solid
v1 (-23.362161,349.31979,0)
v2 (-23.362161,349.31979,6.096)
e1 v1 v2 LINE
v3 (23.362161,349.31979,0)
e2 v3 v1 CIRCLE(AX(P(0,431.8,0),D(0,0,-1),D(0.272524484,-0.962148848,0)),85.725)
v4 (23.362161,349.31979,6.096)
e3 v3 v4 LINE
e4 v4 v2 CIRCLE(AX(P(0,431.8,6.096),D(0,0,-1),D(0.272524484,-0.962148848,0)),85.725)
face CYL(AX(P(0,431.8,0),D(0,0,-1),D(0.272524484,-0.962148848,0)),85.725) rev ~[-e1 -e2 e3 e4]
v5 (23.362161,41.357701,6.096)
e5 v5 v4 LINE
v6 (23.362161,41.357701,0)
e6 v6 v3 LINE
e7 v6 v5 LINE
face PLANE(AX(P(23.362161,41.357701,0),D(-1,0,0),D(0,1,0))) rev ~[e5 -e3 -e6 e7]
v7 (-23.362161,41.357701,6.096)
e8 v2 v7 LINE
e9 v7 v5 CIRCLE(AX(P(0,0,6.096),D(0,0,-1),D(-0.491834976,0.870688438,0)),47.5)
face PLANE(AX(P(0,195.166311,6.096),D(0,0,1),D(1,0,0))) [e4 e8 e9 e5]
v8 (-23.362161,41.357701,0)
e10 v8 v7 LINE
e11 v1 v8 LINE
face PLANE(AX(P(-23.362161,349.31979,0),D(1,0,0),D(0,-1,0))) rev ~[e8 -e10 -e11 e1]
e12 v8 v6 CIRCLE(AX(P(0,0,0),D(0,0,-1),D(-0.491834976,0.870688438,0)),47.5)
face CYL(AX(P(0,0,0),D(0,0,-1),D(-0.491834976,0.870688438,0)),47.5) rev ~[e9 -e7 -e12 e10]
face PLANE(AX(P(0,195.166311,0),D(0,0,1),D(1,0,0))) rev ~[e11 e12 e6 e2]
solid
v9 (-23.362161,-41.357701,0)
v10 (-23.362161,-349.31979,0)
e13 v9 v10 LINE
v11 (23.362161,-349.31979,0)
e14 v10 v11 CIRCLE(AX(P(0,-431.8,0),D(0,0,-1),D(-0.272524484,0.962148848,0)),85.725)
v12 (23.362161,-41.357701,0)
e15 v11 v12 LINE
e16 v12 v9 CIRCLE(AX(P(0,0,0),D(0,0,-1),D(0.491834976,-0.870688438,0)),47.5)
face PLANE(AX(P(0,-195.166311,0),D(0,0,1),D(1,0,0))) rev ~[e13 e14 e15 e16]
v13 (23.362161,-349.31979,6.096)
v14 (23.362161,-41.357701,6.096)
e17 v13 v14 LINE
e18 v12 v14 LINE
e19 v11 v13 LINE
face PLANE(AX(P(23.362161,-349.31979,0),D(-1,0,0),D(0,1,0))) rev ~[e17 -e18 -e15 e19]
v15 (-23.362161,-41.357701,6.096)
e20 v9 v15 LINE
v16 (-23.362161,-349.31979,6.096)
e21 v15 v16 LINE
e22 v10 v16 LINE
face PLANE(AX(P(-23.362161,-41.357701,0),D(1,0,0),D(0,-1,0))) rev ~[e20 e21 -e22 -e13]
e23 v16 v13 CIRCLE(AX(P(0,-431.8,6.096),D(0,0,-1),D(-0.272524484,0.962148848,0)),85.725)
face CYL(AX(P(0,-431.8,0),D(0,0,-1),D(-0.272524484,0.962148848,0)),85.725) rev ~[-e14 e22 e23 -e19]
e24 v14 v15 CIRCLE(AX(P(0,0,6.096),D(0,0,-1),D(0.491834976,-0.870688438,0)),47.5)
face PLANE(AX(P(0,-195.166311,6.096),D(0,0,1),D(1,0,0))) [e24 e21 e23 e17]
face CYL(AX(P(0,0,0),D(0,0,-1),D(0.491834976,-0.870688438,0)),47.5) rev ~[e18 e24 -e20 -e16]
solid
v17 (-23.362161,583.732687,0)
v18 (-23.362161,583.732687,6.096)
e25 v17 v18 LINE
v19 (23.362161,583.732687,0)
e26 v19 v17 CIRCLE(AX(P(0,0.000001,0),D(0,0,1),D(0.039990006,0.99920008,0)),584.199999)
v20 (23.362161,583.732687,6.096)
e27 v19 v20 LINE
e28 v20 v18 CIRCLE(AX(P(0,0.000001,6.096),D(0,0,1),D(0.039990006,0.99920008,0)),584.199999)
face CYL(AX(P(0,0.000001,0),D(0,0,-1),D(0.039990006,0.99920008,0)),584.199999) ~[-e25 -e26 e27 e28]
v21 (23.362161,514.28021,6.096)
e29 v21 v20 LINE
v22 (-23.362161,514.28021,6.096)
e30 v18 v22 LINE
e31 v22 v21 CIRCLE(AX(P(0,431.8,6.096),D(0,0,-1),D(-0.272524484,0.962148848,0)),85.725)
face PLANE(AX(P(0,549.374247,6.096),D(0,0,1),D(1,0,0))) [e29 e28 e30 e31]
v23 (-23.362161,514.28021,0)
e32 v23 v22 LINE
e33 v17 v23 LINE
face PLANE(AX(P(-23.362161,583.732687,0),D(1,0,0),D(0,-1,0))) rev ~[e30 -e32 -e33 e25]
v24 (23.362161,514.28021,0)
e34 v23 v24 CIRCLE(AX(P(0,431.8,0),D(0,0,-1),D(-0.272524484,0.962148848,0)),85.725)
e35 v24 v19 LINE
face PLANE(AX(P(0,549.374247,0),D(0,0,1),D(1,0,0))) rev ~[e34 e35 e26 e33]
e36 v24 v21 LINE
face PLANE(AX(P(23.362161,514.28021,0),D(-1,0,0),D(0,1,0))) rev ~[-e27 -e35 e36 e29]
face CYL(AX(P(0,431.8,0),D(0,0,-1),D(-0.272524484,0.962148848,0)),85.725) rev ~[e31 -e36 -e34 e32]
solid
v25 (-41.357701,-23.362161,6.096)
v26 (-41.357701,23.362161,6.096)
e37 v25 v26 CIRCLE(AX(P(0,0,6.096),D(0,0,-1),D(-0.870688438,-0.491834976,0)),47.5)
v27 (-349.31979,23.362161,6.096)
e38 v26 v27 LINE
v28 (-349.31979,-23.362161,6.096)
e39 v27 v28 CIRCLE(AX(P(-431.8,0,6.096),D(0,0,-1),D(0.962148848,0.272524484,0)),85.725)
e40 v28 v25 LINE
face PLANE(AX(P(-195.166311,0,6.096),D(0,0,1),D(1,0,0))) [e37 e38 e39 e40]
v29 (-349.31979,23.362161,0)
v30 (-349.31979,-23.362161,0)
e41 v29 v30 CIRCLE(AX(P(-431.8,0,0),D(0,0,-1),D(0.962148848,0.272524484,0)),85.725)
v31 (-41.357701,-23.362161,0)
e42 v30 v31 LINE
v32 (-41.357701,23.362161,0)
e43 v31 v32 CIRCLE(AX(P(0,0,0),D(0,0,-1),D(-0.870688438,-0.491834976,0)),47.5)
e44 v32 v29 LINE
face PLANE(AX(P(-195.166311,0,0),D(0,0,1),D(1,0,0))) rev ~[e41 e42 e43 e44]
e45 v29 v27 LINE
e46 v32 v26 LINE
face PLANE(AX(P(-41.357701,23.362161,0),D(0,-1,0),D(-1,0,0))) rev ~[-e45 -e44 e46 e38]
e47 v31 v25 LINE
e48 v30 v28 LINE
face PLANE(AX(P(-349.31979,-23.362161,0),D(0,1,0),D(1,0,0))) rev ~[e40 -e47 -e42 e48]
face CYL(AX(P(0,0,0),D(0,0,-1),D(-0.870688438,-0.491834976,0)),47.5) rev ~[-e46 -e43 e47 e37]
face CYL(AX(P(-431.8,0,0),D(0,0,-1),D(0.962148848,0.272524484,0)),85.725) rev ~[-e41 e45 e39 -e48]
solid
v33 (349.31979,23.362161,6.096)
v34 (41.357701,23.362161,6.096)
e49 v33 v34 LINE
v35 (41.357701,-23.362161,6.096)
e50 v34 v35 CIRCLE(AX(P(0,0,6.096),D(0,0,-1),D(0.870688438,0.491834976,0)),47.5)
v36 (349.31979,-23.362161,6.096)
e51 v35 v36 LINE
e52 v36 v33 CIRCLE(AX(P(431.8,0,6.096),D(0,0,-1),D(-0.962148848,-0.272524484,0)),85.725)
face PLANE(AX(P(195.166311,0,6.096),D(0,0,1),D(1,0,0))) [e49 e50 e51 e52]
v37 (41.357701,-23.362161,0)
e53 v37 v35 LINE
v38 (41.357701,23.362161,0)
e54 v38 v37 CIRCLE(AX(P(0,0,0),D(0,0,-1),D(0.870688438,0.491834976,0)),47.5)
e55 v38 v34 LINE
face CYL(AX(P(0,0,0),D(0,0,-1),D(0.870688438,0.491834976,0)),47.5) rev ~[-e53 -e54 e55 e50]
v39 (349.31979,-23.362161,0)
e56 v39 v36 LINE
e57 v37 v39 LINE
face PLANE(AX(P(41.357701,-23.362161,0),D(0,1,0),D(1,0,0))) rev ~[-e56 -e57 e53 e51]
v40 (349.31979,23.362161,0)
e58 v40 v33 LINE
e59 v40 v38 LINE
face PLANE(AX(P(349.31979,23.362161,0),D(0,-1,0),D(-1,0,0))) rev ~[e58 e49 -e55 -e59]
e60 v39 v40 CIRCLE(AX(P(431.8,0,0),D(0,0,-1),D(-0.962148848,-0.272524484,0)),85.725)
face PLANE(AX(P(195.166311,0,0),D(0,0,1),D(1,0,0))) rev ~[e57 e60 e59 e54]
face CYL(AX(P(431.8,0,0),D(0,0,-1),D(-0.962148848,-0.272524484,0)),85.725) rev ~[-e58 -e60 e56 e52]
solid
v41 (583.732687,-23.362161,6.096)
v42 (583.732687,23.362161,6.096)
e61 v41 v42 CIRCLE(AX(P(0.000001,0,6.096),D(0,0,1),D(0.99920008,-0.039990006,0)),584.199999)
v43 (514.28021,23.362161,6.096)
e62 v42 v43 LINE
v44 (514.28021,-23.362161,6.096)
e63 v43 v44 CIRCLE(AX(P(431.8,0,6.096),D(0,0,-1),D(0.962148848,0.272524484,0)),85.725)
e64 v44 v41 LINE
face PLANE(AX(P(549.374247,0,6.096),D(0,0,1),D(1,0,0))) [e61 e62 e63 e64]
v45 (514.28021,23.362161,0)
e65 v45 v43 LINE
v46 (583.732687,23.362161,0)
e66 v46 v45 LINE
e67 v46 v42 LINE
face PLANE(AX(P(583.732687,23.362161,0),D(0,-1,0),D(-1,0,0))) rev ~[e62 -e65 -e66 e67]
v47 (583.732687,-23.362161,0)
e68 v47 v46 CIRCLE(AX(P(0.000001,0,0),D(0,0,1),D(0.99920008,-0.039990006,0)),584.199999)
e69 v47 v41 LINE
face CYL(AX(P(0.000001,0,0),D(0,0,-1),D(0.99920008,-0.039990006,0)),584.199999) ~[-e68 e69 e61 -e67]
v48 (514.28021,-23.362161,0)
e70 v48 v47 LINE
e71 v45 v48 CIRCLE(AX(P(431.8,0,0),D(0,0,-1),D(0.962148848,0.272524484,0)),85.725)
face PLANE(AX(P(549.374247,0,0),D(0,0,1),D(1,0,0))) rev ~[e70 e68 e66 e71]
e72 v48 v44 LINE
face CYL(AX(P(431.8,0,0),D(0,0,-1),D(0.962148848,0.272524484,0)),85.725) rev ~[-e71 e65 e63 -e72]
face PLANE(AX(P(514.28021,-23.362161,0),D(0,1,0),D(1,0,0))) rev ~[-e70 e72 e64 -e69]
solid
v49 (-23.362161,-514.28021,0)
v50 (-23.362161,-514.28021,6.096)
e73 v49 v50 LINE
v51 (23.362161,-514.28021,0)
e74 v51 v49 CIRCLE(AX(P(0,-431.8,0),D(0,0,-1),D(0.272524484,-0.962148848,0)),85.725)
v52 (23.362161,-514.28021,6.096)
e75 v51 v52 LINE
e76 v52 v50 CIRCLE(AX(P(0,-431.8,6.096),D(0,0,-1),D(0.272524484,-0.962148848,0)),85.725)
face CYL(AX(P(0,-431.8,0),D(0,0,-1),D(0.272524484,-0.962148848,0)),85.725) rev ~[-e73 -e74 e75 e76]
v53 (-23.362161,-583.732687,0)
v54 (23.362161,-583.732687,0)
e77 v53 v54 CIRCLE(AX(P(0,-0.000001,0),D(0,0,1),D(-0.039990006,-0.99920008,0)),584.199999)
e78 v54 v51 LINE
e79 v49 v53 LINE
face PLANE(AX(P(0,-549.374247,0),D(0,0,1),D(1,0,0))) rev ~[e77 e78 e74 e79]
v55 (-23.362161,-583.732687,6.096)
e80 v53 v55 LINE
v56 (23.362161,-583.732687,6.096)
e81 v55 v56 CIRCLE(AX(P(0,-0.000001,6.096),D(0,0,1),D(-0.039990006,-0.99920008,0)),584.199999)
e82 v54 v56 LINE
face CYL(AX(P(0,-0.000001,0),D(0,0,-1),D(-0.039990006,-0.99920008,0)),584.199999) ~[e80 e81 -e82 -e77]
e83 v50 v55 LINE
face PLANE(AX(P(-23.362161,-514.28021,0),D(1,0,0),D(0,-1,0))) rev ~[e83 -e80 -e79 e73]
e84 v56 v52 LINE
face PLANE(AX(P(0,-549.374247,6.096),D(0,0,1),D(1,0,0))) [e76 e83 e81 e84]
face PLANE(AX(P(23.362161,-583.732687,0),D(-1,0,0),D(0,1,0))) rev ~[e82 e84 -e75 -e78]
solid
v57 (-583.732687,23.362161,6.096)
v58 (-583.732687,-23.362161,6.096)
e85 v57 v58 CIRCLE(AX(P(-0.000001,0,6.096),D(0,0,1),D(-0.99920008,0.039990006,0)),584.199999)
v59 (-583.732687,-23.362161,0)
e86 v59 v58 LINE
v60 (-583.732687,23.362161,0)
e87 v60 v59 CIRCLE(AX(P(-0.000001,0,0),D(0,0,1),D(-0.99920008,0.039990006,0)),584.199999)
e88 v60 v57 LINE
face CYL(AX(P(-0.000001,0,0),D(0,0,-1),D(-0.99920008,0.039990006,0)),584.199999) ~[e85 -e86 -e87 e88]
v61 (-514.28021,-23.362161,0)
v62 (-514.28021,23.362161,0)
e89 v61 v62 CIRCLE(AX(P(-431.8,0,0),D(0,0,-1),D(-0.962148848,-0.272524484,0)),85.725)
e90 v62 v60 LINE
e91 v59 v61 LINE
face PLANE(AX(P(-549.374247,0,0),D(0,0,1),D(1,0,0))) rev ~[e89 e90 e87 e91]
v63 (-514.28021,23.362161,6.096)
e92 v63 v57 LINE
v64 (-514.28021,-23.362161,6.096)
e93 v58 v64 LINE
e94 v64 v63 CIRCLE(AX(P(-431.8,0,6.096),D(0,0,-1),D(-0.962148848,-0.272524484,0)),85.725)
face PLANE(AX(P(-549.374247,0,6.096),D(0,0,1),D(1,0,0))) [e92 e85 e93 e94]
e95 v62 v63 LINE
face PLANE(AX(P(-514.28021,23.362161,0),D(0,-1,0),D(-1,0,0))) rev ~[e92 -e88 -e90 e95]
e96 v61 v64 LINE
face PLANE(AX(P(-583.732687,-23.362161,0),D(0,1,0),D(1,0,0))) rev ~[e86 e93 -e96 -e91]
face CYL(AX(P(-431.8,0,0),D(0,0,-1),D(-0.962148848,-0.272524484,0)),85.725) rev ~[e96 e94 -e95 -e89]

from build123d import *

# Parameters (mm, degrees)
BOSS_EXTRUDE1_DEPTH   = 6.096
BOSS_EXTRUDE1_2_DEPTH = 6.096
BOSS_EXTRUDE1_3_DEPTH = 6.096
BOSS_EXTRUDE1_4_DEPTH = 6.096
BOSS_EXTRUDE1_5_DEPTH = 6.096
BOSS_EXTRUDE1_6_DEPTH = 6.096
BOSS_EXTRUDE1_7_DEPTH = 6.096
BOSS_EXTRUDE1_8_DEPTH = 6.096


with BuildPart() as part:
    # Sketch1 → Boss-Extrude1 (new body)
    with BuildSketch(Plane.XY):
        with BuildLine():
            Line((-583.732686609, -23.362161365), (-514.280209998, -23.362161365))
            ThreePointArc((-514.280209998, -23.362161365), (-517.525, 0), (-514.280209998, 23.362161365))
            Line((-514.280209998, 23.362161365), (-583.732686609, 23.362161365))
            ThreePointArc((-583.732686609, 23.362161365), (-584.2, 0), (-583.732686609, -23.362161365))
        make_face()
    extrude(amount=BOSS_EXTRUDE1_DEPTH)


with BuildPart() as body_2:
    # Sketch1 → Boss-Extrude1 2 (new body)
    with BuildSketch(Plane.XY):
        with BuildLine():
            Line((-23.362161365, 583.732686609), (-23.362161365, 514.280209998))
            ThreePointArc((-23.362161365, 514.280209998), (0, 517.525), (23.362161365, 514.280209998))
            Line((23.362161365, 514.280209998), (23.362161365, 583.732686609))
            ThreePointArc((23.362161365, 583.732686609), (0, 584.2), (-23.362161365, 583.732686609))
        make_face()
    extrude(amount=BOSS_EXTRUDE1_2_DEPTH)


with BuildPart() as body_3:
    # Sketch1 → Boss-Extrude1 3 (new body)
    with BuildSketch(Plane.XY):
        with BuildLine():
            Line((583.732686609, 23.362161365), (514.280209998, 23.362161365))
            ThreePointArc((514.280209998, 23.362161365), (517.525, 0), (514.280209998, -23.362161365))
            Line((514.280209998, -23.362161365), (583.732686609, -23.362161365))
            ThreePointArc((583.732686609, -23.362161365), (584.2, 0), (583.732686609, 23.362161365))
        make_face()
    extrude(amount=BOSS_EXTRUDE1_3_DEPTH)


with BuildPart() as body_4:
    # Sketch1 → Boss-Extrude1 4 (new body)
    with BuildSketch(Plane.XY):
        with BuildLine():
            Line((23.362161365, -583.732686609), (23.362161365, -514.280209998))
            ThreePointArc((23.362161365, -514.280209998), (0, -517.525), (-23.362161365, -514.280209998))
            Line((-23.362161365, -514.280209998), (-23.362161365, -583.732686609))
            ThreePointArc((-23.362161365, -583.732686609), (0, -584.2), (23.362161365, -583.732686609))
        make_face()
    extrude(amount=BOSS_EXTRUDE1_4_DEPTH)


with BuildPart() as body_5:
    # Sketch1 → Boss-Extrude1 5 (new body)
    with BuildSketch(Plane.XY):
        with BuildLine():
            Line((-23.362161365, -41.357700811), (-23.362161365, -349.319790002))
            ThreePointArc((-23.362161365, -349.319790002), (0, -346.075), (23.362161365, -349.319790002))
            Line((23.362161365, -349.319790002), (23.362161365, -41.357700811))
            ThreePointArc((23.362161365, -41.357700811), (0, -47.5), (-23.362161365, -41.357700811))
        make_face()
    extrude(amount=BOSS_EXTRUDE1_5_DEPTH)


with BuildPart() as body_6:
    # Sketch1 → Boss-Extrude1 6 (new body)
    with BuildSketch(Plane.XY):
        with BuildLine():
            Line((41.357700811, -23.362161365), (349.319790002, -23.362161365))
            ThreePointArc((349.319790002, -23.362161365), (346.075, 0), (349.319790002, 23.362161365))
            Line((349.319790002, 23.362161365), (41.357700811, 23.362161365))
            ThreePointArc((41.357700811, 23.362161365), (47.5, 0), (41.357700811, -23.362161365))
        make_face()
    extrude(amount=BOSS_EXTRUDE1_6_DEPTH)


with BuildPart() as body_7:
    # Sketch1 → Boss-Extrude1 7 (new body)
    with BuildSketch(Plane.XY):
        with BuildLine():
            Line((-23.362161365, 349.319790002), (-23.362161365, 41.357700811))
            ThreePointArc((-23.362161365, 41.357700811), (0, 47.5), (23.362161365, 41.357700811))
            Line((23.362161365, 41.357700811), (23.362161365, 349.319790002))
            ThreePointArc((23.362161365, 349.319790002), (0, 346.075), (-23.362161365, 349.319790002))
        make_face()
    extrude(amount=BOSS_EXTRUDE1_7_DEPTH)


with BuildPart() as body_8:
    # Sketch1 → Boss-Extrude1 8 (new body)
    with BuildSketch(Plane.XY):
        with BuildLine():
            Line((-41.357700811, 23.362161365), (-349.319790002, 23.362161365))
            ThreePointArc((-349.319790002, 23.362161365), (-346.075, 0), (-349.319790002, -23.362161365))
            Line((-349.319790002, -23.362161365), (-41.357700811, -23.362161365))
            ThreePointArc((-41.357700811, -23.362161365), (-47.5, 0), (-41.357700811, 23.362161365))
        make_face()
    extrude(amount=BOSS_EXTRUDE1_8_DEPTH)


solid = Compound([part.part, body_2.part, body_3.part, body_4.part, body_5.part, body_6.part, body_7.part, body_8.part])
